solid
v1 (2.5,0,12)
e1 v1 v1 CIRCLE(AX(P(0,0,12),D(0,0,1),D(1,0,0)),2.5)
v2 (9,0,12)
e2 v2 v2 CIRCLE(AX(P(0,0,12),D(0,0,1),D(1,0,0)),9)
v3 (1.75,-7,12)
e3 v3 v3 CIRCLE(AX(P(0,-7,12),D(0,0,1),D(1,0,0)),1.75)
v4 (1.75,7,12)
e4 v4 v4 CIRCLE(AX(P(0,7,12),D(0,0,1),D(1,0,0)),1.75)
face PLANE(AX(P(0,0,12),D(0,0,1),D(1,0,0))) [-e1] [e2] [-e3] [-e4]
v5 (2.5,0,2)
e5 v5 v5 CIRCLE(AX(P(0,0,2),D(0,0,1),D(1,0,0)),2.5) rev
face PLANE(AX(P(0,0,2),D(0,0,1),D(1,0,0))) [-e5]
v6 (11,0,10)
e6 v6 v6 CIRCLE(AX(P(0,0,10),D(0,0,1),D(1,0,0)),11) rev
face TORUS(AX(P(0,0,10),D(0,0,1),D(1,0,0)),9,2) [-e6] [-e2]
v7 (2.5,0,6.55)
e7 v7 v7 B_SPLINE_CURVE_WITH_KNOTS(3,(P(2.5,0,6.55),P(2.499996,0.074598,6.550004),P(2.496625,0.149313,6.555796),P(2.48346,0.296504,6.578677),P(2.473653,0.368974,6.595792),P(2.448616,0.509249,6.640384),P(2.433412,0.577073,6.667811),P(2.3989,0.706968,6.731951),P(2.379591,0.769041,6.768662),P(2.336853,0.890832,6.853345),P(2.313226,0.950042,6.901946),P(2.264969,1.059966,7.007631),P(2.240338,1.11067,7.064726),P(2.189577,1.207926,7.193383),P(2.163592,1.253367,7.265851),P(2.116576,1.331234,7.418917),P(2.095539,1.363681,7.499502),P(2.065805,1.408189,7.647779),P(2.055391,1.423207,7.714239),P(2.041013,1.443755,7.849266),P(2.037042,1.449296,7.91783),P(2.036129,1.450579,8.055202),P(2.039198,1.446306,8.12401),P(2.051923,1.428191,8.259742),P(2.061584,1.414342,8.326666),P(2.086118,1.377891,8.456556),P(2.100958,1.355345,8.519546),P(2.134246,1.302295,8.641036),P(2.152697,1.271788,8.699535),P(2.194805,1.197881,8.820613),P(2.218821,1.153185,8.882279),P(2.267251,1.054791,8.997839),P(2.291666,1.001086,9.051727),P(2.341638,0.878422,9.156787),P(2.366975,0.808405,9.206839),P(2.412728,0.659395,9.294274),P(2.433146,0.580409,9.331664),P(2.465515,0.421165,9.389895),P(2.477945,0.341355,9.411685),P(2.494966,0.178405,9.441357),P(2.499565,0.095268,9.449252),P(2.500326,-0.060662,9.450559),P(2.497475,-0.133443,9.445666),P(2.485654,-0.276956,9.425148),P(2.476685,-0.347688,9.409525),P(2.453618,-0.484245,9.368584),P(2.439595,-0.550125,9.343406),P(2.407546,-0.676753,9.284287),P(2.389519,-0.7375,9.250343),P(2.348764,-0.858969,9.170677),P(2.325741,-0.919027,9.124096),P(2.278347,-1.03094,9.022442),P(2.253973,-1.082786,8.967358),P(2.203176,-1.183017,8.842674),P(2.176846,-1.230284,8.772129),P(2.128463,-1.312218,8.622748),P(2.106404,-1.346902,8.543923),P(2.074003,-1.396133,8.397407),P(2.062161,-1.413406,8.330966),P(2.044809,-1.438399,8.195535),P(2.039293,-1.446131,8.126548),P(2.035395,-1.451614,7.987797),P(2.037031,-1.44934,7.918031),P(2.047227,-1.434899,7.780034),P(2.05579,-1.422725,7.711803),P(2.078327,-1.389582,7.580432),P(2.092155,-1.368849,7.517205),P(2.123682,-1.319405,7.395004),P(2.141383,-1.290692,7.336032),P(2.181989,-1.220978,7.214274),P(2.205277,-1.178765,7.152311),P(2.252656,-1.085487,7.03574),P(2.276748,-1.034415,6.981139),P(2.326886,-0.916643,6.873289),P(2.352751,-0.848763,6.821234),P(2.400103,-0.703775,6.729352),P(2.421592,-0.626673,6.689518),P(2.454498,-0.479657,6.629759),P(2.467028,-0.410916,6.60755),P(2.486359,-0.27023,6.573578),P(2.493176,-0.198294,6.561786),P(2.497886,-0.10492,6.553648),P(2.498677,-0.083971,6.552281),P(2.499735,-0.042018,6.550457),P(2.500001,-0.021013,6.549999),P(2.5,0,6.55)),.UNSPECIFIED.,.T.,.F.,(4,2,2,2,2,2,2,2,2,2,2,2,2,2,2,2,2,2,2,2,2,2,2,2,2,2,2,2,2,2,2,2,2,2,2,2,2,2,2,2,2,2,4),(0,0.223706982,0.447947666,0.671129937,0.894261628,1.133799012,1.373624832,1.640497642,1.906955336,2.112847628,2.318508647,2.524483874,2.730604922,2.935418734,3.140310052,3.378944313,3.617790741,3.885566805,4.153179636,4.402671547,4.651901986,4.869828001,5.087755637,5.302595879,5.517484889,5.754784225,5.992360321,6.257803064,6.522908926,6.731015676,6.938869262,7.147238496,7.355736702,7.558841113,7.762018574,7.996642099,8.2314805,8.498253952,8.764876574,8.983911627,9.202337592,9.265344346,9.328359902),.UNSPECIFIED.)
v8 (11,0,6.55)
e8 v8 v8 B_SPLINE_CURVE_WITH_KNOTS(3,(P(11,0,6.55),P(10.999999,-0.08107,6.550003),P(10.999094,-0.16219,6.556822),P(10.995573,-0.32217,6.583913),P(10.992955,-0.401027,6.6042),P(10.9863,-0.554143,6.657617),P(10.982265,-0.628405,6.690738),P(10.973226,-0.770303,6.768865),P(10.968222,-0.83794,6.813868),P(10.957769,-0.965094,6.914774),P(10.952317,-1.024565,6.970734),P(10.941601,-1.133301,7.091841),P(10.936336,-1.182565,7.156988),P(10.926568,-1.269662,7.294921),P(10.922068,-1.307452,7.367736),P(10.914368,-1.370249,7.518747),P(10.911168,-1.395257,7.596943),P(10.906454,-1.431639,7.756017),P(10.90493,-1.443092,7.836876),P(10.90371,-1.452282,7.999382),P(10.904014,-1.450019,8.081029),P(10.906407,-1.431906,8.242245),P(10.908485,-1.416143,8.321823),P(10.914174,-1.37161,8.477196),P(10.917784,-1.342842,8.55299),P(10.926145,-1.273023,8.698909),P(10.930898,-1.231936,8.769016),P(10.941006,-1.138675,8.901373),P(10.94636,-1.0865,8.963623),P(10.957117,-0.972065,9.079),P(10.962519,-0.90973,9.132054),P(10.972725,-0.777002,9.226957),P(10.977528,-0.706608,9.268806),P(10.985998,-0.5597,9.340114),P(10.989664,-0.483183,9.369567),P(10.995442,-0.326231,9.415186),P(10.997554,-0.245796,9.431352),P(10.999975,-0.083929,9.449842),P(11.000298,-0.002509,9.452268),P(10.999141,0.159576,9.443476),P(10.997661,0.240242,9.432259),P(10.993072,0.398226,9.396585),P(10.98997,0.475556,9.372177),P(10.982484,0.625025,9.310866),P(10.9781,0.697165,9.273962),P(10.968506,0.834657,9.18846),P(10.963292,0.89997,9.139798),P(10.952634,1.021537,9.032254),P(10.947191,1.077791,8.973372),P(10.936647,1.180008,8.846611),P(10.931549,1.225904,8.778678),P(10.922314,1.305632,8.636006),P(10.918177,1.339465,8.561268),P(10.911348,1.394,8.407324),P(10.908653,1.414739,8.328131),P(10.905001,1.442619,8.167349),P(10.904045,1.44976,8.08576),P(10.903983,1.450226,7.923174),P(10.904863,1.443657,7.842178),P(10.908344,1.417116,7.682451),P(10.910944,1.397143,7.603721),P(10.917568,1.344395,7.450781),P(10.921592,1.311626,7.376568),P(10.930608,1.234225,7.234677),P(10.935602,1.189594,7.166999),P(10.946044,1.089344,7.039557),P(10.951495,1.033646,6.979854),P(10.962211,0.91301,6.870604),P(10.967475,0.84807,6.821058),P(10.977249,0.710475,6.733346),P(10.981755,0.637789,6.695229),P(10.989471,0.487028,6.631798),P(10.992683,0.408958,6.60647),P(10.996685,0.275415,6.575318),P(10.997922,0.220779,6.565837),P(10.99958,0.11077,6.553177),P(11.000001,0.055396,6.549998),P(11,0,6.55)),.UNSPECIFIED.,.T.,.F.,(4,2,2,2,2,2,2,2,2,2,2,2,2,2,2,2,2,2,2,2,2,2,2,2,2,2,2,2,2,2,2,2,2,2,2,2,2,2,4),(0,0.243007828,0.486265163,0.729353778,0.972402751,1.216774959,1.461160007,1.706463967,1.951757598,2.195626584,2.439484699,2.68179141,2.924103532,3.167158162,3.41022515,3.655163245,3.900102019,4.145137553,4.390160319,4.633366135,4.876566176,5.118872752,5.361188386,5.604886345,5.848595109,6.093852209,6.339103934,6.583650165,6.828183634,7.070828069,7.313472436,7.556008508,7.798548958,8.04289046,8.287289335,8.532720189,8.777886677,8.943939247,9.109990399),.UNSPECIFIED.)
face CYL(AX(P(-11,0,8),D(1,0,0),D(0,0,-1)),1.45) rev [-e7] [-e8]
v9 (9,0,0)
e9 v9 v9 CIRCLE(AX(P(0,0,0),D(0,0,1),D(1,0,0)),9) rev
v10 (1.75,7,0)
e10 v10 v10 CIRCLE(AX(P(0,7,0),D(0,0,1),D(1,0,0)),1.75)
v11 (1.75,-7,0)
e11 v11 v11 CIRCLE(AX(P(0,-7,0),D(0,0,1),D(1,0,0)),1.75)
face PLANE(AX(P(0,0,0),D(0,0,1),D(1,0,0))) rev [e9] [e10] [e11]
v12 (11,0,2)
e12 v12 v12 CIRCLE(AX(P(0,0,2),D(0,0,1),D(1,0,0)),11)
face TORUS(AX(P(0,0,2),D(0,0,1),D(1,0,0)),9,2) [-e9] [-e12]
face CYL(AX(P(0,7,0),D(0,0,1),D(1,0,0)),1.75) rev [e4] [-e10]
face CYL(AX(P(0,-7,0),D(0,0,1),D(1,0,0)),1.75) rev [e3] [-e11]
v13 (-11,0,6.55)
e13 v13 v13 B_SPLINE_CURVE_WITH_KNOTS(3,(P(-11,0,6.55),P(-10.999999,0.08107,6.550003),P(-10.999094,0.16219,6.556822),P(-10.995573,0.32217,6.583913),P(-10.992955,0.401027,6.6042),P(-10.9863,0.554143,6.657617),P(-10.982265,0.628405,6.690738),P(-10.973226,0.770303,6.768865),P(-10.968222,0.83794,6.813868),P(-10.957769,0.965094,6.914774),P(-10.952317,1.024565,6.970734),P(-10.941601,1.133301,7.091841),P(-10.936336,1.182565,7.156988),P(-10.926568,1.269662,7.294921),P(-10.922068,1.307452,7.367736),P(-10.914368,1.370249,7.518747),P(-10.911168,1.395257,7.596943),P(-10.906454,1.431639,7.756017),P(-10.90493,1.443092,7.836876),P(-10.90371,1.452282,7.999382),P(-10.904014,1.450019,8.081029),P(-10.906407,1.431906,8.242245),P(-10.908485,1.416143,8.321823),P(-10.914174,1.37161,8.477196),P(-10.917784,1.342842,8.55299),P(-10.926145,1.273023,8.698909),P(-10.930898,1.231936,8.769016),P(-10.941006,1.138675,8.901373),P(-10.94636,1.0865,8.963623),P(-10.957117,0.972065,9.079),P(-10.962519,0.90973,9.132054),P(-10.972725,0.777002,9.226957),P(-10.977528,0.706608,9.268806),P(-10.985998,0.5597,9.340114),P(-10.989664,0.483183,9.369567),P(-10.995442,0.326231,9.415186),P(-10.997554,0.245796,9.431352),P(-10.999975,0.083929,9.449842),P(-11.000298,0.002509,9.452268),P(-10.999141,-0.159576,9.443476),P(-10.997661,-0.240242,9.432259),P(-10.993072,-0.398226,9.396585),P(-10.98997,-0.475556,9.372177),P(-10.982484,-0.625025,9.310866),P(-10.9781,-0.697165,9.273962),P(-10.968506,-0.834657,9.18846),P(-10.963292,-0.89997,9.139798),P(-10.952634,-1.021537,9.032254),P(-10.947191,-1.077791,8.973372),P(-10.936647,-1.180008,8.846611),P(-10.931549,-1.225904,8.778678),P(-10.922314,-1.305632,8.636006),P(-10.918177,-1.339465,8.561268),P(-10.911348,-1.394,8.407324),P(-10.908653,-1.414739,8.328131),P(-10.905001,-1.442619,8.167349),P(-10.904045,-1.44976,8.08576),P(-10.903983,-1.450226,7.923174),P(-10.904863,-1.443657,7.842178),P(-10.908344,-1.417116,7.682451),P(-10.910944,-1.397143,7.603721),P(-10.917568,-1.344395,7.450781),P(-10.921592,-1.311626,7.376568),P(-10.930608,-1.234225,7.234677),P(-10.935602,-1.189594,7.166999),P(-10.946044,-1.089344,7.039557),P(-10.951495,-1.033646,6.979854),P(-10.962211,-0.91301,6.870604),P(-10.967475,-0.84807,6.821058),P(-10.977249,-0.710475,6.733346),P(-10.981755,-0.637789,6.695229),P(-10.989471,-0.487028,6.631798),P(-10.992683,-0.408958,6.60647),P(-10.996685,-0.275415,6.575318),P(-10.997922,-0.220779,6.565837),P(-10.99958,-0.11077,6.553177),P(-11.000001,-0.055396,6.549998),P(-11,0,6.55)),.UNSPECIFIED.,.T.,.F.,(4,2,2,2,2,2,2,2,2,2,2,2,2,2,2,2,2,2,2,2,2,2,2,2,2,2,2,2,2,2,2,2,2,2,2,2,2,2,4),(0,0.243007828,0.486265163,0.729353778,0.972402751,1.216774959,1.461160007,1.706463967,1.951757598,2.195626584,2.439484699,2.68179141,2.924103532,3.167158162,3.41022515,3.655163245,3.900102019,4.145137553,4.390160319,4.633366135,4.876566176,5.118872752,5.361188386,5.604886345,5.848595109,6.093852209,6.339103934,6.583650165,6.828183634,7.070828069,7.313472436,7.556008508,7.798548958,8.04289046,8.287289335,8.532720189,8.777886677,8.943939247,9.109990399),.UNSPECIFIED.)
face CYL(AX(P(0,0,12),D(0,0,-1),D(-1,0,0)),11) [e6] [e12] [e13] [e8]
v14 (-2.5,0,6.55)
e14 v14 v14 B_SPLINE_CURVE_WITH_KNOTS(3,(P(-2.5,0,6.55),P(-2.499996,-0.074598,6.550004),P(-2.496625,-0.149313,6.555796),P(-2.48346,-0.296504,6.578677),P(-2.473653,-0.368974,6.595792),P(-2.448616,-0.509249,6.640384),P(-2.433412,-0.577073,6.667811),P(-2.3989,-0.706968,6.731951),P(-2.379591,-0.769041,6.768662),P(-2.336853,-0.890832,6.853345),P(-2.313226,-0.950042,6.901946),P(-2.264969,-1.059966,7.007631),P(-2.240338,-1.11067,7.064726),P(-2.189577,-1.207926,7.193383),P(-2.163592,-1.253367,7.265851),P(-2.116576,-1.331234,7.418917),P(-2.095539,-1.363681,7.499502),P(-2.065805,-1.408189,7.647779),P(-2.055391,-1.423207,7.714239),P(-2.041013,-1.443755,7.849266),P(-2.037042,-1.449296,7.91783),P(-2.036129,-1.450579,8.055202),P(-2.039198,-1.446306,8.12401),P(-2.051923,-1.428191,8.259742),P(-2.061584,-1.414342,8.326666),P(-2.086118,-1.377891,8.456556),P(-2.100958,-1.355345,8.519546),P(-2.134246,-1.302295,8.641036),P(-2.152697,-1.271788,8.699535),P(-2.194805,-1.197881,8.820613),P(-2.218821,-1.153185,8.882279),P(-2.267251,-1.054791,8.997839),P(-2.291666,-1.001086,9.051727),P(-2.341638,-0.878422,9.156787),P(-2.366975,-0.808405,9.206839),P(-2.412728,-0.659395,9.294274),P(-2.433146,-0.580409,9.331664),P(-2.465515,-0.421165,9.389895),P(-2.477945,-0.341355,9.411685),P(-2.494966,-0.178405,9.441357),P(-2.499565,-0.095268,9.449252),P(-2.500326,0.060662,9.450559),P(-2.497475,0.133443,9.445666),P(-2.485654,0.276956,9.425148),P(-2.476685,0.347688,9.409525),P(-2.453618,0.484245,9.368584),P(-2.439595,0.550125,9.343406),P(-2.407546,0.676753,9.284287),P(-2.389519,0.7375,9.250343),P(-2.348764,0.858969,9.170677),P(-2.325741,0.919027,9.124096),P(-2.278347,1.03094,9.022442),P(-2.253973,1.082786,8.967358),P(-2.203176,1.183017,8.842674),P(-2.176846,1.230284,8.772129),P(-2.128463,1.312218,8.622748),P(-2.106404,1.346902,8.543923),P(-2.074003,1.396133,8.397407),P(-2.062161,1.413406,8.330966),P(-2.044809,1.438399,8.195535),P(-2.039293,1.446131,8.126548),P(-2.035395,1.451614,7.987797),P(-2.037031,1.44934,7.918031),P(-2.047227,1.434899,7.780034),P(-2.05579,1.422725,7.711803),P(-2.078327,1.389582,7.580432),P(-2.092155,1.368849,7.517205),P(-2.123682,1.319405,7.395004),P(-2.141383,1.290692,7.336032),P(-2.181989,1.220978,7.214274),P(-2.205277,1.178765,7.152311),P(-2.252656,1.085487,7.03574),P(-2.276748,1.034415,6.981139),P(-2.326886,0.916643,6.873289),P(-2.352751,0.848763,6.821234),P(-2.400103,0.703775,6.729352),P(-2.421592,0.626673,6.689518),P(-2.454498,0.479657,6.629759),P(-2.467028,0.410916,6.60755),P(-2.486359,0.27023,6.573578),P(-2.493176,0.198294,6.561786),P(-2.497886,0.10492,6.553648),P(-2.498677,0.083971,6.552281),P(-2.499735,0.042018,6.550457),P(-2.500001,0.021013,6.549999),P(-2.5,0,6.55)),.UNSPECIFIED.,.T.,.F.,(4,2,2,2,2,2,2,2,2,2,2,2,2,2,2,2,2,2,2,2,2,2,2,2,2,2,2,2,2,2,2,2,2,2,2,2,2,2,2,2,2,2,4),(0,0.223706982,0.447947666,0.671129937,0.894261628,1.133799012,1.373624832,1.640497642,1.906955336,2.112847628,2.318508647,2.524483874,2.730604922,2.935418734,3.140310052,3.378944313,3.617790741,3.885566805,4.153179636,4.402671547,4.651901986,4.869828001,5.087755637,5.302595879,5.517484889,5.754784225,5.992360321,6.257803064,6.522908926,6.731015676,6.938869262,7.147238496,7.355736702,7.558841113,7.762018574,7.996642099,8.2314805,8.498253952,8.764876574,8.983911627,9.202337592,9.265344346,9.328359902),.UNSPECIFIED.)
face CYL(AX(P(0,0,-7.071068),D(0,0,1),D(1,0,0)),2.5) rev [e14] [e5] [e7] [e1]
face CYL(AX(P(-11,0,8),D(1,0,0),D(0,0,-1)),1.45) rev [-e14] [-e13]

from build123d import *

# Parameters (mm, degrees)
SKETCH_1_R               = 11
EXTRUDE_1_DEPTH          = 12
SKETCH_3_R               = 1.75
CUT_EXTRUDE_1_DEPTH      = 20.646882704
SKETCH_4_R               = 2.5
CUT_EXTRUDE_2_DEPTH      = 10
CUT_EXTRUDE_3_DEPTH      = 20.646882704
CUT_EXTRUDE_3_DEPTH_BACK = 20.646882704
SKETCH_5_R               = 1.45
FILLET_1_R               = 2


with BuildPart() as part:
    # 草图1 → 凸台-拉伸1 (new body)
    with BuildSketch(Plane.XY):
        Circle(SKETCH_1_R)
    extrude(amount=EXTRUDE_1_DEPTH)

    # 草图3 → 切除-拉伸1 (cut, through all)
    with BuildSketch(Plane.XY.offset(12)):
        with Locations((0, 7)):
            Circle(SKETCH_3_R)
        with Locations((0, -7)):
            Circle(SKETCH_3_R)
    extrude(amount=-CUT_EXTRUDE_1_DEPTH, mode=Mode.SUBTRACT)

    # 草图4 → 切除-拉伸2 (cut)
    with BuildSketch(Plane.XY.offset(12)):
        Circle(SKETCH_4_R)
    extrude(amount=-CUT_EXTRUDE_2_DEPTH, mode=Mode.SUBTRACT)

    # 草图5 → 切除-拉伸3 (cut, two sides: drawn at the far end of the back side and taken through both)
    with BuildSketch(Plane(origin=(0, 0, 0), x_dir=(0, 0, -1), z_dir=(1, 0, 0)).offset(-CUT_EXTRUDE_3_DEPTH_BACK)):
        with Locations((-8, 0)):
            Circle(SKETCH_5_R)
    extrude(amount=CUT_EXTRUDE_3_DEPTH + CUT_EXTRUDE_3_DEPTH_BACK, mode=Mode.SUBTRACT)

    # 圆角1
    fillet_1_edges = [part.edges().sort_by_distance(p)[0] for p in [
        (-11, 0, 0),
        (-11, 0, 12),
    ]]
    fillet(fillet_1_edges, radius=FILLET_1_R)


solid = part.part
